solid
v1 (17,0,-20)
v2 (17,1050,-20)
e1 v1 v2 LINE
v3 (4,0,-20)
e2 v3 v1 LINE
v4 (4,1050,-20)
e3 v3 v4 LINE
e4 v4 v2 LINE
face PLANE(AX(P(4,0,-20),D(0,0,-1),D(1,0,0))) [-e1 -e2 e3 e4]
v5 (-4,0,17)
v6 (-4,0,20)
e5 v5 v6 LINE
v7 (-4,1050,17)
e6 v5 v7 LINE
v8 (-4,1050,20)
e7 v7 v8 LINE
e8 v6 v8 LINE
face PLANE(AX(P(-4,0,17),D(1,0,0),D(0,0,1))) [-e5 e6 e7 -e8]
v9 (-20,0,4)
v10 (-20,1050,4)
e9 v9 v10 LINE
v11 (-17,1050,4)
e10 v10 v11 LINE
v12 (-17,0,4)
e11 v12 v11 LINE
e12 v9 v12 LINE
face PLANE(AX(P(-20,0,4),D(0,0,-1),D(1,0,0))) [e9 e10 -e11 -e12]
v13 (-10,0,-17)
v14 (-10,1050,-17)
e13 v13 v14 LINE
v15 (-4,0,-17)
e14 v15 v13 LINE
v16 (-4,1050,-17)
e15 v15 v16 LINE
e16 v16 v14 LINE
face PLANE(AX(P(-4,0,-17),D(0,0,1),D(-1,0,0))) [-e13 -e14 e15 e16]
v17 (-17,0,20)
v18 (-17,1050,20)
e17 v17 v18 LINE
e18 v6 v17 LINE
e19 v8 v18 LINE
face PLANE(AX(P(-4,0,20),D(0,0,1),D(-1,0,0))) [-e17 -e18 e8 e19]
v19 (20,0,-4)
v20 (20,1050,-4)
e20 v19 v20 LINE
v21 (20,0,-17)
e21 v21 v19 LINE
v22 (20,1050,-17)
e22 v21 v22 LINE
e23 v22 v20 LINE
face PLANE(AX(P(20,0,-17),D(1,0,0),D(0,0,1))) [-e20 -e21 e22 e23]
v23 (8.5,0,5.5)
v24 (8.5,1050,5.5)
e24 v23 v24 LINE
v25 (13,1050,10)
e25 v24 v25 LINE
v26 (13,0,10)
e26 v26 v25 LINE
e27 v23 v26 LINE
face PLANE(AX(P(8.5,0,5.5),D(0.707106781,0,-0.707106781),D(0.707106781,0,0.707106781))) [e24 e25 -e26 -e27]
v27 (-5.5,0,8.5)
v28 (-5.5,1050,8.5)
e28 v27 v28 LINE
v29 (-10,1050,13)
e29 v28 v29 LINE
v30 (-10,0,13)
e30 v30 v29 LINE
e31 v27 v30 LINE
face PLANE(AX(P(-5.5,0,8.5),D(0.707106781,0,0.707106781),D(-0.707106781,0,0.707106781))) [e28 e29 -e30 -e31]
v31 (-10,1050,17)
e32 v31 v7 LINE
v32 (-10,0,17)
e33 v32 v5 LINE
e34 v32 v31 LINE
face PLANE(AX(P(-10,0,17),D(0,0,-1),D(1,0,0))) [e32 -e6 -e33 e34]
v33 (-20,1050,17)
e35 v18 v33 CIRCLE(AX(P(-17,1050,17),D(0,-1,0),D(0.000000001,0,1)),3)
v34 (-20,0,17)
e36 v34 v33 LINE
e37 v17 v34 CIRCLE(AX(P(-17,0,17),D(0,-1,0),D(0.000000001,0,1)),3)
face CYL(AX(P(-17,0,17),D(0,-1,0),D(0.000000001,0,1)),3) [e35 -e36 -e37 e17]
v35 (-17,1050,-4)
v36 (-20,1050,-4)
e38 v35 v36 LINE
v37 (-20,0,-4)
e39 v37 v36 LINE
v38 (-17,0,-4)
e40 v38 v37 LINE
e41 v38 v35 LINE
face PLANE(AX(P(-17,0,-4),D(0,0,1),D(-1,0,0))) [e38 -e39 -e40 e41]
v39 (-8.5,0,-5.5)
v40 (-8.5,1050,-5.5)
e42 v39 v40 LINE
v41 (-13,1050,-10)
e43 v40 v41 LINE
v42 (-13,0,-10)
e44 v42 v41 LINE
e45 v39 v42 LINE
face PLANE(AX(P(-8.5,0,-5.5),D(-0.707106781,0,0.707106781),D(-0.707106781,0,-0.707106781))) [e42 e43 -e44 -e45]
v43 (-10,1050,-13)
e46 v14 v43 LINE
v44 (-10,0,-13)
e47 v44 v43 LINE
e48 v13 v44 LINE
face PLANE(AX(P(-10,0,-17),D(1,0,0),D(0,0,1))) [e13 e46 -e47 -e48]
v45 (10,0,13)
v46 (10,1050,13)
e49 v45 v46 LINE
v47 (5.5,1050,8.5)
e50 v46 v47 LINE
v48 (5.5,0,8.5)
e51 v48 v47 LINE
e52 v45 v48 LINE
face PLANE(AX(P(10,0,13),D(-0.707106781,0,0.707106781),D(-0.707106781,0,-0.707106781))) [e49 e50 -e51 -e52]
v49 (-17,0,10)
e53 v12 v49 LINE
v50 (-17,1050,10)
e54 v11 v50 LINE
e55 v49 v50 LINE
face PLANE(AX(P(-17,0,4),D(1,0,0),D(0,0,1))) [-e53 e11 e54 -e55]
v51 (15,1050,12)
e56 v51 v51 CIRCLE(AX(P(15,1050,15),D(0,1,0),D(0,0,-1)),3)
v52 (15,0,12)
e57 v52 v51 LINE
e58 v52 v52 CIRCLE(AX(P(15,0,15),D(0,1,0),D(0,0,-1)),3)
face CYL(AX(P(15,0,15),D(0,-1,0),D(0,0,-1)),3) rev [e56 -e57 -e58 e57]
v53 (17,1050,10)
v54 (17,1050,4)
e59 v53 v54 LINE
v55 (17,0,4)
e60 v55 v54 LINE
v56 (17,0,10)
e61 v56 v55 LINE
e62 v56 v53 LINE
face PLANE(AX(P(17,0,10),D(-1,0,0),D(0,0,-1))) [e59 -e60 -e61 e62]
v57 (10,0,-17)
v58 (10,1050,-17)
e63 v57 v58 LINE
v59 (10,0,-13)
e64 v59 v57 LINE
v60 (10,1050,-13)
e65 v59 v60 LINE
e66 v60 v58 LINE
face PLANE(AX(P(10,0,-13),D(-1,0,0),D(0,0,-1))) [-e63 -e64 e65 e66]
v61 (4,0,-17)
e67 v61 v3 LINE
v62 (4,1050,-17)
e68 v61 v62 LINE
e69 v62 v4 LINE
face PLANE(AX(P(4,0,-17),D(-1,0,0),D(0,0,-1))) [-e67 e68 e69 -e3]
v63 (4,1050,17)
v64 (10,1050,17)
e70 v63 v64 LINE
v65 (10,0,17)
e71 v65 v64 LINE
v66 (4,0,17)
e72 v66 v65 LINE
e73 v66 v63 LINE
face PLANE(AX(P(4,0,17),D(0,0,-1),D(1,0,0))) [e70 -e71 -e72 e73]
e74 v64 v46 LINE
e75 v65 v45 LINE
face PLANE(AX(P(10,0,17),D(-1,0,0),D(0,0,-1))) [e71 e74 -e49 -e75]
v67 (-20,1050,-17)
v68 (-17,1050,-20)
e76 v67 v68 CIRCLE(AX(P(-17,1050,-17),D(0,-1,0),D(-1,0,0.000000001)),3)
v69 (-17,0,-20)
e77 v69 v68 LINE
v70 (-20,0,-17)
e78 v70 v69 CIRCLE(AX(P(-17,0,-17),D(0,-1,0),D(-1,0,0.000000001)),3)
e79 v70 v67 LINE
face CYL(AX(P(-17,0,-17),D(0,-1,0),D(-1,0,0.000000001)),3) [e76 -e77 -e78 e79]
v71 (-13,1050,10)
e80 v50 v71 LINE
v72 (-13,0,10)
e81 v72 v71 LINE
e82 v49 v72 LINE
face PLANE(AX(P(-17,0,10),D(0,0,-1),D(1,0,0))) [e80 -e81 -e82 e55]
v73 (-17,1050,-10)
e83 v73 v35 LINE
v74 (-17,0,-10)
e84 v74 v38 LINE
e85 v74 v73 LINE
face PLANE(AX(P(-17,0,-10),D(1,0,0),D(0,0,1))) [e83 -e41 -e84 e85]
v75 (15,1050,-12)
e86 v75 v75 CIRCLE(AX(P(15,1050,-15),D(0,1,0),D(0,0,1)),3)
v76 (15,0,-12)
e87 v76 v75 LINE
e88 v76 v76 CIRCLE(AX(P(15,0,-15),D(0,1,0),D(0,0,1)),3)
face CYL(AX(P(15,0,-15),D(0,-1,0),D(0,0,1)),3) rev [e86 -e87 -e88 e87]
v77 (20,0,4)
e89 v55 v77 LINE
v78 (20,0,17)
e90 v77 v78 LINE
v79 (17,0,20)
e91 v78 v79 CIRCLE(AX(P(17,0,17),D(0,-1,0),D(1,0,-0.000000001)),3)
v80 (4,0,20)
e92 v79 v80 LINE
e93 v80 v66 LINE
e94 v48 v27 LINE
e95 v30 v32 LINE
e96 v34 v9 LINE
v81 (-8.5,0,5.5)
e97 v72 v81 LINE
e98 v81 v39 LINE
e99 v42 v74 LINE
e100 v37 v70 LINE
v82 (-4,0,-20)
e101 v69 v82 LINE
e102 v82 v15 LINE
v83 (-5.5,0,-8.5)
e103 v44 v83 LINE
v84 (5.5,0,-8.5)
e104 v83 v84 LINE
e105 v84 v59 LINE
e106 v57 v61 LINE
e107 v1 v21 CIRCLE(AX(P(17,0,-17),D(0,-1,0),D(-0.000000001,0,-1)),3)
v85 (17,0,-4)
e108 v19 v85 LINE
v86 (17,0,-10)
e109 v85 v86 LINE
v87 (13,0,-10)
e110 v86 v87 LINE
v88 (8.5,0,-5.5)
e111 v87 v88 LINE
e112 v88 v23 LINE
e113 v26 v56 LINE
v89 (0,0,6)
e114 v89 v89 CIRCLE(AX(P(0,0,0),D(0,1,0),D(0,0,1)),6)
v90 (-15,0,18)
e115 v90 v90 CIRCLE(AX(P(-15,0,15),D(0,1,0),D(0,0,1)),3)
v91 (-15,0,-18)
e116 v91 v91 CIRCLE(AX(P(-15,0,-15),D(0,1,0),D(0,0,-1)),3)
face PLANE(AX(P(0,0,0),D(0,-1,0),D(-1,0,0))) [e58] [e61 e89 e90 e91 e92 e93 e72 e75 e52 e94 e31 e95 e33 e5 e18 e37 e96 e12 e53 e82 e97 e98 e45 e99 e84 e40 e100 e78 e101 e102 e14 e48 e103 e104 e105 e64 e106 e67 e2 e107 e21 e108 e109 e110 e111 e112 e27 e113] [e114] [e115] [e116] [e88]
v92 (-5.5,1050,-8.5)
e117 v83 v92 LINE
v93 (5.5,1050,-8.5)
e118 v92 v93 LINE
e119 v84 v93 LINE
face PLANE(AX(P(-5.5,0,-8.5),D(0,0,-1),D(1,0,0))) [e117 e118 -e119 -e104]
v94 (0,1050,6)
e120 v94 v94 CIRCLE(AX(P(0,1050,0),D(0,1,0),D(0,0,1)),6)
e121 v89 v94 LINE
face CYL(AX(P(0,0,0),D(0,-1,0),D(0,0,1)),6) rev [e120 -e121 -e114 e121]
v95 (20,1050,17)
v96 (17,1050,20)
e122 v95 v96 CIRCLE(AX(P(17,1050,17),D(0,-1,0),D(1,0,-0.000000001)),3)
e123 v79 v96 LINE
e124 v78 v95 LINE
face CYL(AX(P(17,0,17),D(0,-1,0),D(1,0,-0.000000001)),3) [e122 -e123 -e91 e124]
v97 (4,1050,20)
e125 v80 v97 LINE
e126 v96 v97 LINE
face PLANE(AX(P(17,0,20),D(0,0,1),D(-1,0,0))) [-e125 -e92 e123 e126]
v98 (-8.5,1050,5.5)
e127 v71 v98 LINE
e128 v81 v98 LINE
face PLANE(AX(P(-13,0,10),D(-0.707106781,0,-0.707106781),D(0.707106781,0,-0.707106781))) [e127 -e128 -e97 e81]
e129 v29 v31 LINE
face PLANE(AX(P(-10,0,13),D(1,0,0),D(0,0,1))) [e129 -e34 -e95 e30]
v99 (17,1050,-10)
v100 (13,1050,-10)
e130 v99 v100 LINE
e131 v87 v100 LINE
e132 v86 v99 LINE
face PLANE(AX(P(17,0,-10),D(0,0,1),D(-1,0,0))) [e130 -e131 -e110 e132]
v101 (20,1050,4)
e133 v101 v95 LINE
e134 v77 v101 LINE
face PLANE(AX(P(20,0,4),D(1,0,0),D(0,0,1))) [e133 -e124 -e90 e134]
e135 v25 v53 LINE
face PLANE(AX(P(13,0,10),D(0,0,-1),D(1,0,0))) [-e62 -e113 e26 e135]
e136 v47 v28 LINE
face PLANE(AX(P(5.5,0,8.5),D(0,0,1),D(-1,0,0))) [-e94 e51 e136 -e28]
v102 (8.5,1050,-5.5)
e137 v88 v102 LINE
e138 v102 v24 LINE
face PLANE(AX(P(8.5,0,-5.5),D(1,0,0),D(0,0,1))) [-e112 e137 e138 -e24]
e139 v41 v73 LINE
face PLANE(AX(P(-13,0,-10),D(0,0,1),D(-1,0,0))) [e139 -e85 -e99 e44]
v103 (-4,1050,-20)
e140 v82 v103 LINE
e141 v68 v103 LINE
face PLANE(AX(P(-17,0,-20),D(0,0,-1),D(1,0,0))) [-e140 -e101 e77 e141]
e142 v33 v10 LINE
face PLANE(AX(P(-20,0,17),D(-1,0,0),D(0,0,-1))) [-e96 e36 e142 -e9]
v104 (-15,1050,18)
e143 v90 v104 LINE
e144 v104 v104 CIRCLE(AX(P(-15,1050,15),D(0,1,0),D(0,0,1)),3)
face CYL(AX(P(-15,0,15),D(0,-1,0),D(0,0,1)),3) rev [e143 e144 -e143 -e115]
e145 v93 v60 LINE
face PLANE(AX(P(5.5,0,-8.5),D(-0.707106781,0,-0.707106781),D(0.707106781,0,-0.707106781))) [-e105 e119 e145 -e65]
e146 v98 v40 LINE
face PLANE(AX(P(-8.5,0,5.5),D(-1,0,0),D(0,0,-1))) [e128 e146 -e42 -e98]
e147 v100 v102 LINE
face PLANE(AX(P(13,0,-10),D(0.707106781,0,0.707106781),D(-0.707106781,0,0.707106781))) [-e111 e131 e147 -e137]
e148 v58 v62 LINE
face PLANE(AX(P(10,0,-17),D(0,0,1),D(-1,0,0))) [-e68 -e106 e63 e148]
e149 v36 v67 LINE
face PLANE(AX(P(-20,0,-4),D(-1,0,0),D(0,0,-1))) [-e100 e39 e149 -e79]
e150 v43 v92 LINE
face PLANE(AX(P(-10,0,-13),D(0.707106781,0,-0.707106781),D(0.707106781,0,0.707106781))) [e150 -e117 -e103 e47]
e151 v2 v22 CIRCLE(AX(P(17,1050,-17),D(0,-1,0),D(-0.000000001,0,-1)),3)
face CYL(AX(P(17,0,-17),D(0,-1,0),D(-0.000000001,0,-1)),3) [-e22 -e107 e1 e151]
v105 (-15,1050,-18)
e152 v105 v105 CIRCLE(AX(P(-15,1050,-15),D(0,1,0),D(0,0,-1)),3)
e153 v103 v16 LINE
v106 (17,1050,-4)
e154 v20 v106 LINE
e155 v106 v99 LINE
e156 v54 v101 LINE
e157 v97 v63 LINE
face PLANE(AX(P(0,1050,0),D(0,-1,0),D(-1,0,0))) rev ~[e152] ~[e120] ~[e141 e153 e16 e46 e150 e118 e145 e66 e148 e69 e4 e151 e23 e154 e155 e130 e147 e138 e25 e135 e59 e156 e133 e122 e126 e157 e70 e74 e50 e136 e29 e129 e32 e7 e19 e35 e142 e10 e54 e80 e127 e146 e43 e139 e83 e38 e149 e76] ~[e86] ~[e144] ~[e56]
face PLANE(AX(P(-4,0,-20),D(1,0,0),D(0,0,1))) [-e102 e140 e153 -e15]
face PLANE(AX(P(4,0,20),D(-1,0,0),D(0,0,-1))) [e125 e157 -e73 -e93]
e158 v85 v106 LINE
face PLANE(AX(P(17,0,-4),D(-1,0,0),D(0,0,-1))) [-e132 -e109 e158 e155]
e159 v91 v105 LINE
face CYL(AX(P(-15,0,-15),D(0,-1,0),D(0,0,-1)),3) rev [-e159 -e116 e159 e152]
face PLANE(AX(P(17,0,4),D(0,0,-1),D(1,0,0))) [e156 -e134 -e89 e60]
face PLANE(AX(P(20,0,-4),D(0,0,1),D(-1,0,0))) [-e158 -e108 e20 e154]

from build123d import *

# Parameters (mm, degrees)
SKETCH1_R           = 6
SKETCH1_R_2         = 3
BOSS_EXTRUDE1_DEPTH = 1050


with BuildPart() as part:
    # Sketch1 → Boss-Extrude1 (new body)
    with BuildSketch(Plane(origin=(0, 0, 0), x_dir=(1, 0, 0), z_dir=(0, 1, 0))):
        with BuildLine():
            Line((-20, -4), (-17, -4))
            Line((-17, -4), (-17, -10))
            Line((-17, -10), (-13, -10))
            Line((-13, -10), (-8.5, -5.5))
            Line((-8.5, -5.5), (-8.5, 5.5))
            Line((-8.5, 5.5), (-13, 10))
            Line((-13, 10), (-17, 10))
            Line((-17, 10), (-17, 4))
            Line((-17, 4), (-20, 4))
            Line((-20, 4), (-20, 17))
            ThreePointArc((-20, 17), (-19.121320344, 19.121320344), (-17, 20))
            Line((-17, 20), (-4, 20))
            Line((-4, 20), (-4, 17))
            Line((-4, 17), (-10, 17))
            Line((-10, 17), (-10, 13))
            Line((-10, 13), (-5.5, 8.5))
            Line((-5.5, 8.5), (5.5, 8.5))
            Line((5.5, 8.5), (10, 13))
            Line((10, 13), (10, 17))
            Line((10, 17), (4, 17))
            Line((4, 17), (4, 20))
            Line((4, 20), (17, 20))
            ThreePointArc((17, 20), (19.121320344, 19.121320344), (20, 17))
            Line((20, 17), (20, 4))
            Line((20, 4), (17, 4))
            Line((17, 4), (17, 10))
            Line((17, 10), (13, 10))
            Line((13, 10), (8.5, 5.5))
            Line((8.5, 5.5), (8.5, -5.5))
            Line((8.5, -5.5), (13, -10))
            Line((13, -10), (17, -10))
            Line((17, -10), (17, -4))
            Line((17, -4), (20, -4))
            Line((20, -4), (20, -17))
            ThreePointArc((20, -17), (19.121320344, -19.121320344), (17, -20))
            Line((17, -20), (4, -20))
            Line((4, -20), (4, -17))
            Line((4, -17), (10, -17))
            Line((10, -17), (10, -13))
            Line((10, -13), (5.5, -8.5))
            Line((5.5, -8.5), (-5.5, -8.5))
            Line((-5.5, -8.5), (-10, -13))
            Line((-10, -13), (-10, -17))
            Line((-10, -17), (-4, -17))
            Line((-4, -17), (-4, -20))
            Line((-4, -20), (-17, -20))
            ThreePointArc((-17, -20), (-19.121320344, -19.121320344), (-20, -17))
            Line((-20, -17), (-20, -4))
        make_face()
        with Locations(Location((0, 0, 0), (0, 0, 270))):
            Circle(SKETCH1_R, mode=Mode.SUBTRACT)
        with Locations(Location((-15, -15, 0), (0, 0, 270))):
            Circle(SKETCH1_R_2, mode=Mode.SUBTRACT)
        with Locations(Location((-15, 15, 0), (0, 0, 90))):
            Circle(SKETCH1_R_2, mode=Mode.SUBTRACT)
        with Locations(Location((15, 15, 0), (0, 0, 270))):
            Circle(SKETCH1_R_2, mode=Mode.SUBTRACT)
        with Locations(Location((15, -15, 0), (0, 0, 90))):
            Circle(SKETCH1_R_2, mode=Mode.SUBTRACT)
    extrude(amount=BOSS_EXTRUDE1_DEPTH)


solid = part.part
